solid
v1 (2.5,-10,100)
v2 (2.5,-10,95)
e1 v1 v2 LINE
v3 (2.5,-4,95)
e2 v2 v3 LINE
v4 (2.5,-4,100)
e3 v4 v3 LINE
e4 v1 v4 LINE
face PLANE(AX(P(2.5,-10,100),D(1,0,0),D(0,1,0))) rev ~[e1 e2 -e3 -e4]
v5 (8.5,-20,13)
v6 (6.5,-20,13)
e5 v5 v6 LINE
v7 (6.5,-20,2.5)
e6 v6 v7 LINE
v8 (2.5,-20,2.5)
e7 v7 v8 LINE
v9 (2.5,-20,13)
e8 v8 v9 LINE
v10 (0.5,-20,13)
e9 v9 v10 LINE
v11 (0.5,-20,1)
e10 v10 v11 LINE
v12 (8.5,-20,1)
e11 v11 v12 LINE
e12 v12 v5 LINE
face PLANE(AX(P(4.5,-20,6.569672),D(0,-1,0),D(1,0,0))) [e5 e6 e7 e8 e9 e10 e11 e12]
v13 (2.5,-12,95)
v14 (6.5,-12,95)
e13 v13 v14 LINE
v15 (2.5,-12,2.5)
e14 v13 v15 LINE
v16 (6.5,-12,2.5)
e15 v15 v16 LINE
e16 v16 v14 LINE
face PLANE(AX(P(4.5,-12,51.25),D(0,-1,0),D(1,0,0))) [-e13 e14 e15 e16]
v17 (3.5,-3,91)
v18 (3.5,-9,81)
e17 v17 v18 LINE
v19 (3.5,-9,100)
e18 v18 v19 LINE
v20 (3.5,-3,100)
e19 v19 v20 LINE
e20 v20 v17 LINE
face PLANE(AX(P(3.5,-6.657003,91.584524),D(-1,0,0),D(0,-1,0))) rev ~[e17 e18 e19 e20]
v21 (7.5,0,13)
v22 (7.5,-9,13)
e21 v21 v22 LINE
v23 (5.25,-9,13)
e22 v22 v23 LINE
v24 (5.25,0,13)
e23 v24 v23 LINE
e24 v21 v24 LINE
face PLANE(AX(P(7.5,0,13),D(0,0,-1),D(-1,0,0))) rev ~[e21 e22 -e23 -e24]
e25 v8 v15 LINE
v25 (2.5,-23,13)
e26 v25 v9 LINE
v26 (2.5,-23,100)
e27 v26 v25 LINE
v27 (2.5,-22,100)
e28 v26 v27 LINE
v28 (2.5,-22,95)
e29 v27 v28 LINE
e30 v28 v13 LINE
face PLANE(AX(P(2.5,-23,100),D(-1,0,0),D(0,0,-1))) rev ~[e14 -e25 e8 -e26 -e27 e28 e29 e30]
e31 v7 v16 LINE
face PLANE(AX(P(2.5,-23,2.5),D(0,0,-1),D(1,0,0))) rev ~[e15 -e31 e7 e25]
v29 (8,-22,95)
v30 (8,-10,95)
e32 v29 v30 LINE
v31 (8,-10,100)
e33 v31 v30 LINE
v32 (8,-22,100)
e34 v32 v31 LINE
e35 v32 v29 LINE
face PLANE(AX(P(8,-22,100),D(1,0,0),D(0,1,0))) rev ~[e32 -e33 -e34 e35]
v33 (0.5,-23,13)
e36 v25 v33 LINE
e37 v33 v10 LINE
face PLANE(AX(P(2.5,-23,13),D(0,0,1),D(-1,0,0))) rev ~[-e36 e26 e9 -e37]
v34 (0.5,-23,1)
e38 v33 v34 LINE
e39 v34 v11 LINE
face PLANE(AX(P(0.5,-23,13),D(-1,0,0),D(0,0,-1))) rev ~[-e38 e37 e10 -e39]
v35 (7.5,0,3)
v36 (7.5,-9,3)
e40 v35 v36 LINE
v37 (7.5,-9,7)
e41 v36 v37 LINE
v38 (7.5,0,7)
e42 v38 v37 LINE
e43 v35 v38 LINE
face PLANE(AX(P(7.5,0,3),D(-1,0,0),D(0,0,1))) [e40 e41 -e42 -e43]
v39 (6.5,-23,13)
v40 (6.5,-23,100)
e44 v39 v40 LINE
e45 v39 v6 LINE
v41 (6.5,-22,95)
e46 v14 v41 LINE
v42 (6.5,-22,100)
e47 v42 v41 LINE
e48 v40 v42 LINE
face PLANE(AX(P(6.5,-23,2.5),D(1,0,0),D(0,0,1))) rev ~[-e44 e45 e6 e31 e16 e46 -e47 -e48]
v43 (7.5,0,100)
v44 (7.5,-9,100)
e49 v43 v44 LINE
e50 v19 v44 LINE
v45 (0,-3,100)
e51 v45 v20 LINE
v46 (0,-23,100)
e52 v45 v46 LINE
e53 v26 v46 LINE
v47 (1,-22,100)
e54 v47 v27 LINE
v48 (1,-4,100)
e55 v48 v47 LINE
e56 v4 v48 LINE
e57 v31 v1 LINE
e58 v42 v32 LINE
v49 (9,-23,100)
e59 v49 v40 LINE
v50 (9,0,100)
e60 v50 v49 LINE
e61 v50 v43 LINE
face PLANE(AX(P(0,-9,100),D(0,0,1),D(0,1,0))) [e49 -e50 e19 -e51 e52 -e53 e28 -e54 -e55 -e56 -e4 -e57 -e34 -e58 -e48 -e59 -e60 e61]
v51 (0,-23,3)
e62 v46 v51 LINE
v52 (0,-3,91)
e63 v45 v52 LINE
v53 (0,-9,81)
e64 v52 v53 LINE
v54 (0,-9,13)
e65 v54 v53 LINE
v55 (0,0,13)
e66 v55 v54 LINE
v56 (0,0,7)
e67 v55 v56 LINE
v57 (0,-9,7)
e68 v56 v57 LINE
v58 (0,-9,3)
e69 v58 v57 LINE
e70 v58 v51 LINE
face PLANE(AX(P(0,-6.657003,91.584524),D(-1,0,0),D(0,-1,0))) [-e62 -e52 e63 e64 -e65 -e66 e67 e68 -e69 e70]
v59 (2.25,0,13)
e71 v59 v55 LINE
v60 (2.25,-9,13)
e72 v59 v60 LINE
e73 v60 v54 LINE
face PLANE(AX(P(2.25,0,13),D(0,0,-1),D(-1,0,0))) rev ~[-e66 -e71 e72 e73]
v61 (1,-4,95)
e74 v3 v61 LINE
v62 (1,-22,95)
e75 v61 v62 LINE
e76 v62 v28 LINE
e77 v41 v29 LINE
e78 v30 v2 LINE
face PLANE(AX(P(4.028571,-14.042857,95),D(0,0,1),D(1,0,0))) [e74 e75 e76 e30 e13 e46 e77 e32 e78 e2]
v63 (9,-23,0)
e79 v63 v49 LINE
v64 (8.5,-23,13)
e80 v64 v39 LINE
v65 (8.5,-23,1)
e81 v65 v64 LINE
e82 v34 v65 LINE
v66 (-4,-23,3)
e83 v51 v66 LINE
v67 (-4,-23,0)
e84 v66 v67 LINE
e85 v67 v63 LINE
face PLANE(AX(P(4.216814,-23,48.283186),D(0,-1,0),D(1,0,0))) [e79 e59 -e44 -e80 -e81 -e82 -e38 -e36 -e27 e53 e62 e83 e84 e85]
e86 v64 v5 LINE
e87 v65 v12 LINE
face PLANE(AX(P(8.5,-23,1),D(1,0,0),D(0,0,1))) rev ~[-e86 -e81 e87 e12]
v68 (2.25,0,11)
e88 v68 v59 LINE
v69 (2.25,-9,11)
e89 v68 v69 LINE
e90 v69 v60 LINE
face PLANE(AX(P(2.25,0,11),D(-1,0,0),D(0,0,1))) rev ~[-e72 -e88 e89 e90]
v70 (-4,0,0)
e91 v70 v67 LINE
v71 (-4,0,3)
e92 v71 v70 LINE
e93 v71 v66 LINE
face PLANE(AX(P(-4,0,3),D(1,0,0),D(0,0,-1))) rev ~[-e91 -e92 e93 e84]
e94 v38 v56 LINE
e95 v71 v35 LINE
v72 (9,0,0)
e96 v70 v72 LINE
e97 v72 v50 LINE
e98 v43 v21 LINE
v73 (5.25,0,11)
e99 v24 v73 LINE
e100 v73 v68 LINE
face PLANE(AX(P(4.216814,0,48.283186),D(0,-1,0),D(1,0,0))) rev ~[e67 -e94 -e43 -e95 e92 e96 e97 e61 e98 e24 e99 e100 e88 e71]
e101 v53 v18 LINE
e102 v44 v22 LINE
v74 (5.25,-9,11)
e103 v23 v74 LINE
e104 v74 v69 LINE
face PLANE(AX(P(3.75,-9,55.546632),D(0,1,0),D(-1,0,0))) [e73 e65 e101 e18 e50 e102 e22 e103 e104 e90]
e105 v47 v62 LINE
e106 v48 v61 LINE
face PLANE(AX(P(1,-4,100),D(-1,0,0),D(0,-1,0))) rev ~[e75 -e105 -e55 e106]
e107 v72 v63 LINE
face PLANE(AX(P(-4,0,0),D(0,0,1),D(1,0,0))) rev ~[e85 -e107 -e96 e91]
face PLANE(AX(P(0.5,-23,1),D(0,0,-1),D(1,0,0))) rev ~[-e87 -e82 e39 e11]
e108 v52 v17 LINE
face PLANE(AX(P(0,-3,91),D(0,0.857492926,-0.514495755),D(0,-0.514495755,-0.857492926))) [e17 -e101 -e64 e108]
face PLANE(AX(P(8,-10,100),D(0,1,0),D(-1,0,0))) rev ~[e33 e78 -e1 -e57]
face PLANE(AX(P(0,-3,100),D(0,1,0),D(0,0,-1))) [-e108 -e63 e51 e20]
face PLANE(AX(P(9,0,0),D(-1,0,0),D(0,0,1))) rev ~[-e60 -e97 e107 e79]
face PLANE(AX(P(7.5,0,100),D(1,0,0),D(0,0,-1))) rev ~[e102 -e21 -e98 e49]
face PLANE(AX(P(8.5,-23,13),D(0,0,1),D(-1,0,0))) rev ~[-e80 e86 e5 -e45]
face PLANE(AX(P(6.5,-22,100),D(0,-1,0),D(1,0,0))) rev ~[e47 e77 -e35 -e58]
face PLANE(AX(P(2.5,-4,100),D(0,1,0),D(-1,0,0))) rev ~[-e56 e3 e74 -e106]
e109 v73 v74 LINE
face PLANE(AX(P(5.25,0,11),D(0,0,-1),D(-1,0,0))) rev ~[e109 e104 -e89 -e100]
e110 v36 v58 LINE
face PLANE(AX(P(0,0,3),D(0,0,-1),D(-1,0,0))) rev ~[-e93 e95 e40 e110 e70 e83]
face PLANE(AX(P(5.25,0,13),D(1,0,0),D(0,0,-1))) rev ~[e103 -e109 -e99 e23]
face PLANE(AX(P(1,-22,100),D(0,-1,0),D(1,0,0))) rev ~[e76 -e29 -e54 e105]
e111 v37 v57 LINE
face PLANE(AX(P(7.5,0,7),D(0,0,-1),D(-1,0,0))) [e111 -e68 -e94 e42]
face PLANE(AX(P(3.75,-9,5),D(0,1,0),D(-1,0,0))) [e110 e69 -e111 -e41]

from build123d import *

# Parameters (mm, degrees)
F1_DEPTH  = 23
F2_W      = 7.5
F2_H      = 4
F3_DEPTH  = 9
F5_DEPTH  = 3.5
F7_DEPTH  = 11
F9_DEPTH  = 3
F11_DEPTH = 5


with BuildPart() as f1:
    # F0 (on Front) → F1 (new body)
    with BuildSketch(Plane.XZ):
        Polygon((9, 100), (0, 100), (0, 3), (-4, 3), (-4, 0), (9, 0), align=None)
    extrude(amount=F1_DEPTH)

    # F2 (on face) → F3 (cut)
    with BuildSketch(Plane(origin=(0, 0, 0), x_dir=(-1, 0, 0), z_dir=(0, 1, 0))):
        Polygon((0, 100), (-7.5, 100), (-7.5, 13), (-5.25, 13), (-5.25, 11), (-2.25, 11), (-2.25, 13), (0, 13), align=None)
        with Locations((-3.75, 5)):
            Rectangle(F2_W, F2_H)
    extrude(amount=-F3_DEPTH, mode=Mode.SUBTRACT)

    # F4 (on face) → F5 (join)
    with BuildSketch(Plane(origin=(0, 0, 0), x_dir=(0, -1, 0), z_dir=(-1, 0, 0))):
        Polygon((9, 81), (9, 100), (3, 100), (3, 91), align=None)
    extrude(amount=-F5_DEPTH)

    # F6 (on face) → F7 (cut)
    with BuildSketch(Plane.XZ.offset(23)):
        Polygon((2.5, 100), (2.5, 97.5), (2.5, 2.5), (6.5, 2.5), (6.5, 97.5), (6.5, 100), align=None)
    extrude(amount=-F7_DEPTH, mode=Mode.SUBTRACT)

    # F8 (on face) → F9 (cut)
    with BuildSketch(Plane.XZ.offset(23)):
        Polygon((2.5, 2.5), (2.5, 13), (0.5, 13), (0.5, 1), (8.5, 1), (8.5, 13), (6.5, 13), (6.5, 2.5), align=None)
    extrude(amount=-F9_DEPTH, mode=Mode.SUBTRACT)

    # F10 (on face) → F11 (cut)
    with BuildSketch(Plane.XY.offset(100)):
        Polygon((1, -22), (2.5, -22), (2.5, -12), (6.5, -12), (6.5, -22), (8, -22), (8, -10), (2.5, -10), (2.5, -4), (1, -4), align=None)
    extrude(amount=-F11_DEPTH, mode=Mode.SUBTRACT)


solid = f1.part
